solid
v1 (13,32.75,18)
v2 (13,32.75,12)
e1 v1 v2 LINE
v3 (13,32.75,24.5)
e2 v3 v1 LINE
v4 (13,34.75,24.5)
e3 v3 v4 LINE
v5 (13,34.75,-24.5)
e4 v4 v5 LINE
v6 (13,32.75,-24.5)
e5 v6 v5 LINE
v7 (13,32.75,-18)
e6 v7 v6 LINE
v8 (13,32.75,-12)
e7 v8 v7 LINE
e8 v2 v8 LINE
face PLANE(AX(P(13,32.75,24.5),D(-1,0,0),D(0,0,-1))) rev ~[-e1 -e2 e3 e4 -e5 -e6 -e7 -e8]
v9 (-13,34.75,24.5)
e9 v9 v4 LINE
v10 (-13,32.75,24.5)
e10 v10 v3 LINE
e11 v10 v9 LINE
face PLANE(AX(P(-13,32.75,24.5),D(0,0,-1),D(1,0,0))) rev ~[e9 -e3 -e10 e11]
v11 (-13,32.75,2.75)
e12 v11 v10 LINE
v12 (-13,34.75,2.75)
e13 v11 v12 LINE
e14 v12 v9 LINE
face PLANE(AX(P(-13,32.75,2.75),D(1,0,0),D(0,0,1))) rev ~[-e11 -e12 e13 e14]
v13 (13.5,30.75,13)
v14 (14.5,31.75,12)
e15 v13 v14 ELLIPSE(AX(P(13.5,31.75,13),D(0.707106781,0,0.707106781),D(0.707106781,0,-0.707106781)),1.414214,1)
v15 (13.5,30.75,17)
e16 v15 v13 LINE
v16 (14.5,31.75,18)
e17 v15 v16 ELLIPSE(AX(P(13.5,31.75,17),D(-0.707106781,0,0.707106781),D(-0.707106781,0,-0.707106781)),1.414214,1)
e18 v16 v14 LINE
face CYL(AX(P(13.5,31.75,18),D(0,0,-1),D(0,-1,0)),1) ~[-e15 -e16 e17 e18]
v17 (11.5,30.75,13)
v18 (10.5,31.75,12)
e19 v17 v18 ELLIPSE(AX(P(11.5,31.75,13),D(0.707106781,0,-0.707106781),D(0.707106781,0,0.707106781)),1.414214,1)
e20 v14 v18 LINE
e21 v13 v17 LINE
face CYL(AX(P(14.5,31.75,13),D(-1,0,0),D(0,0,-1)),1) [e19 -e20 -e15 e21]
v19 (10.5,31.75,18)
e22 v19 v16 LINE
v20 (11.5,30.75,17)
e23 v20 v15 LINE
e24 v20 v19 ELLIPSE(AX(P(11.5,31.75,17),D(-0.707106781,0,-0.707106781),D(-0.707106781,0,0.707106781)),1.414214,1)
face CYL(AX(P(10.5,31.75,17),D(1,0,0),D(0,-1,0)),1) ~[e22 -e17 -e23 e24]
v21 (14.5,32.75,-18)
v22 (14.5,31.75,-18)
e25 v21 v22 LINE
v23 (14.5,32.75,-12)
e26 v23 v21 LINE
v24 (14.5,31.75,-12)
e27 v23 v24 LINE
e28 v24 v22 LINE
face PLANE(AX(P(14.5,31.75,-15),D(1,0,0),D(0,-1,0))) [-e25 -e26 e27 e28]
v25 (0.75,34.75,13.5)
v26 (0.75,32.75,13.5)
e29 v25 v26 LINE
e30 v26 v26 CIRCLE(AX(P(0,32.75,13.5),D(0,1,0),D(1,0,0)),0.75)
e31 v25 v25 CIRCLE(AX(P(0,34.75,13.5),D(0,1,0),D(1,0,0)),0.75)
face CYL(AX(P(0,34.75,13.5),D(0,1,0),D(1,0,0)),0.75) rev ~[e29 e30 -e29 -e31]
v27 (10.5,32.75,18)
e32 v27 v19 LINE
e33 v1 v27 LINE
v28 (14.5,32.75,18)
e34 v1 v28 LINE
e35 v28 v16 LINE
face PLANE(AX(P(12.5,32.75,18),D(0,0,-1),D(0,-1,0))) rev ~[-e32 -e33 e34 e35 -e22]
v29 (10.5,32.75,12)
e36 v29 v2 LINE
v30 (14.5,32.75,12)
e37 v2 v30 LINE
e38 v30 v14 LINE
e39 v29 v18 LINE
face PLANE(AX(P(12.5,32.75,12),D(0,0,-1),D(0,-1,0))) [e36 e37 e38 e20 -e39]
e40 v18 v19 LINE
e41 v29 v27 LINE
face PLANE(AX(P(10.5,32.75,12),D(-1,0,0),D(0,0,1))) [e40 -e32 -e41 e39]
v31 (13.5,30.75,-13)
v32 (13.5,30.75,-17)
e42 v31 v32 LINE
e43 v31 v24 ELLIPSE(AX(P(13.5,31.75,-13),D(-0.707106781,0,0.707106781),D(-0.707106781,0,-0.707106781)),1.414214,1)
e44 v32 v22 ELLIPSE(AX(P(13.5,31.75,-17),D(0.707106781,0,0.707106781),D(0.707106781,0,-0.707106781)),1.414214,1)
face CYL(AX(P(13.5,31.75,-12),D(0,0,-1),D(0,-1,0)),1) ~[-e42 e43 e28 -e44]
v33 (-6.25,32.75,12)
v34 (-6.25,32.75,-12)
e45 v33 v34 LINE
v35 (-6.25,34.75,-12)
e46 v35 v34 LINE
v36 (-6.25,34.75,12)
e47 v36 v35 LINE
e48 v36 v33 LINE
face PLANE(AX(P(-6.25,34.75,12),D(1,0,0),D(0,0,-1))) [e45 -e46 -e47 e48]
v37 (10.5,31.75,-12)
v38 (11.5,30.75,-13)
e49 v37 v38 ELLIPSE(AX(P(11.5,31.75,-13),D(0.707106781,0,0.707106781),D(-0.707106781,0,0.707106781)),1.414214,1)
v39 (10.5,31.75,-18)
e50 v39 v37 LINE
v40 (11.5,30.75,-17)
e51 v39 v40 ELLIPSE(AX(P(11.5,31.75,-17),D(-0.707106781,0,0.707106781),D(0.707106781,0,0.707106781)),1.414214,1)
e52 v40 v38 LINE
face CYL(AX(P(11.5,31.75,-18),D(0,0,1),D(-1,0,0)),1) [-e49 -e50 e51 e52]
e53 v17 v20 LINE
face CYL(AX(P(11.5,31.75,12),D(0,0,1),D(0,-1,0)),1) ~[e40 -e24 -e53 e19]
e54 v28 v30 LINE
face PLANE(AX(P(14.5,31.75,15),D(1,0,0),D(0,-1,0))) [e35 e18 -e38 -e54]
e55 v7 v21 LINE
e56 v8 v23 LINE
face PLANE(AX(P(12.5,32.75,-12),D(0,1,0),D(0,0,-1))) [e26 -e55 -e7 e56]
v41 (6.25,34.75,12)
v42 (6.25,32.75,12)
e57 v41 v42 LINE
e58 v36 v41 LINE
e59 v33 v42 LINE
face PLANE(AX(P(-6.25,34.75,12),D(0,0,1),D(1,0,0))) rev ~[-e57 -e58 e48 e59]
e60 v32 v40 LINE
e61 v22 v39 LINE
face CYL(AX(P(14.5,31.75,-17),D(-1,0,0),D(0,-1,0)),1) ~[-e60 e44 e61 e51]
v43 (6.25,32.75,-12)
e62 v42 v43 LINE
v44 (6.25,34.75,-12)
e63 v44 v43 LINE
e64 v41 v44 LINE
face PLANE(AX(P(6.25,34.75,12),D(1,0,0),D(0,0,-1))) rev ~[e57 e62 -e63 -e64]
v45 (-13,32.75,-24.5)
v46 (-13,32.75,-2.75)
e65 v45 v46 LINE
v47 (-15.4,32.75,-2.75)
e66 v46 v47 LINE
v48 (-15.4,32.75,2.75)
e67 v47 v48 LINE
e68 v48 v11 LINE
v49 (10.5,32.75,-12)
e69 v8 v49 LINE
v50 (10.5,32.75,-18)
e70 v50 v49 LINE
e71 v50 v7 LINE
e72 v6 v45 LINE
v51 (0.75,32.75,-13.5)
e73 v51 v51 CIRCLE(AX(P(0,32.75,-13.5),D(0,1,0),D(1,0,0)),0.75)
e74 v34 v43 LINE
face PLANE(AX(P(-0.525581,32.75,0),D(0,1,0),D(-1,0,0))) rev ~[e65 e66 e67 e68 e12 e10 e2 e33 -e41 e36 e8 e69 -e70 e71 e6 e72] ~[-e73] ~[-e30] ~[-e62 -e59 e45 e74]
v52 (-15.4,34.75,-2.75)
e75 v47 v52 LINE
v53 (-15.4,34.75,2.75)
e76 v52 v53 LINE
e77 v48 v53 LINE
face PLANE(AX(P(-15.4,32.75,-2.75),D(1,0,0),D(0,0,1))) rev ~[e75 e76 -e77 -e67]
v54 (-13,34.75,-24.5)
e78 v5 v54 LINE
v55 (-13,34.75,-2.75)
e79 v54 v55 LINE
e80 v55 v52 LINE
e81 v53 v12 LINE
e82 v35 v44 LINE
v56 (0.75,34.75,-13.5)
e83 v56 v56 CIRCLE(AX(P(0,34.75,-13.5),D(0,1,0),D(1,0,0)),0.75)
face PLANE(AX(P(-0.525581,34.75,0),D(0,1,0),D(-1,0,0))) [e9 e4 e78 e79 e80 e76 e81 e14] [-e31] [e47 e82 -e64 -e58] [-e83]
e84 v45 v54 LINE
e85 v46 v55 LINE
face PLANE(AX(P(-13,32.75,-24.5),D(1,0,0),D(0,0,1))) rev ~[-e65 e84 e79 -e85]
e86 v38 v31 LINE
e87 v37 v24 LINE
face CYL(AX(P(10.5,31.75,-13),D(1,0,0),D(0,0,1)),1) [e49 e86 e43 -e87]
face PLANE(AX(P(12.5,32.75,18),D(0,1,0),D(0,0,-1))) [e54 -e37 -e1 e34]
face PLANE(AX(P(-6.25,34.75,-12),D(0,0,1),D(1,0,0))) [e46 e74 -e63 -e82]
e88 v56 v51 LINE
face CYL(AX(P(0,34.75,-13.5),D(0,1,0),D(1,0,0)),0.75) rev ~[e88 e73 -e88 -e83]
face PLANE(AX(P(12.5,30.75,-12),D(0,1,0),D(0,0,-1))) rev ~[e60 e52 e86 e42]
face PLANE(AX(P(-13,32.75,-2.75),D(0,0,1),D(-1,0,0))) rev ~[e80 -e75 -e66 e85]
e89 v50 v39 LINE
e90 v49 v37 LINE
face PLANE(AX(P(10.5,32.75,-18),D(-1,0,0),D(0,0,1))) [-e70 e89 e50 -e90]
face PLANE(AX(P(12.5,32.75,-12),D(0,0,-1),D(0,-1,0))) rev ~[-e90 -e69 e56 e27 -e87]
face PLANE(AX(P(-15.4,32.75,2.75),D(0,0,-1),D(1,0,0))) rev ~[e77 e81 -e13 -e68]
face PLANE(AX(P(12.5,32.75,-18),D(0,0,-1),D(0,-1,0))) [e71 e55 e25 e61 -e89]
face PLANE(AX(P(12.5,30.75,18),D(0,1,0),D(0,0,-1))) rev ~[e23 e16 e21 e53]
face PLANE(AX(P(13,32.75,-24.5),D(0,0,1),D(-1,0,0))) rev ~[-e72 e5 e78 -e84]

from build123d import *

# Parameters (mm, degrees)
PAD005_DEPTH    = 2
SKETCH011_W     = 2
SKETCH011_H     = 6
PAD006_DEPTH    = 2
PAD006_FACE12_W = 2
PAD006_FACE12_H = 6
PAD007_DEPTH    = 2
PAD007_FACE15_W = 2
PAD007_FACE15_H = 6
PAD008_DEPTH    = 2
FILLET_R        = 1
SKETCH012_R     = 0.75
SKETCH012_W     = 12.5
SKETCH012_H     = 24
POCKET004_DEPTH = 5


with BuildPart() as part:
    # Sketch009 → Pad005 (new body)
    with BuildSketch(Plane(origin=(0, 32.75, 0), x_dir=(-1, 0, 0), z_dir=(0, 1, 0))):
        Polygon((13, 24.5), (-13, 24.5), (-13, -24.5), (13, -24.5), (13, -2.75), (15.4, -2.75), (15.4, 2.75), (13, 2.75), align=None)
    extrude(amount=PAD005_DEPTH)

    # Sketch011 (on Face9 of Pad005) → Pad006 (join)
    with BuildSketch(Plane.XZ.offset(-32.75)):
        with Locations((11.5, 15)):
            Rectangle(SKETCH011_W, SKETCH011_H)
        with Locations((11.5, -15)):
            Rectangle(SKETCH011_W, SKETCH011_H)
    extrude(amount=PAD006_DEPTH)

    # Pad006 Face12 → Pad007 (add)
    with BuildSketch(Plane(origin=(12.5, 31.75, 15), x_dir=(0, -1, 0), z_dir=(1, 0, 0))):
        Rectangle(PAD006_FACE12_W, PAD006_FACE12_H)
    extrude(amount=PAD007_DEPTH)

    # Pad007 Face15 → Pad008 (add)
    with BuildSketch(Plane(origin=(12.5, 31.75, -15), x_dir=(0, -1, 0), z_dir=(1, 0, 0))):
        Rectangle(PAD007_FACE15_W, PAD007_FACE15_H)
    extrude(amount=PAD008_DEPTH)

    # Fillet
    fillet_edges = [part.edges().sort_by_distance(p)[0] for p in [
        (14.5, 30.75, -15),
        (14.5, 30.75, 15),
        (10.5, 30.75, 15),
        (10.5, 30.75, -15),
        (12.5, 30.75, 18),
        (12.5, 30.75, 12),
        (12.5, 30.75, -12),
        (12.5, 30.75, -18),
    ]]
    fillet(fillet_edges, radius=FILLET_R)

    # Sketch012 (on Face23 of Fillet) → Pocket004 (cut)
    with BuildSketch(Plane(origin=(0, 34.75, 0), x_dir=(1, 0, 0), z_dir=(0, 1, 0))):
        with Locations((0, 13.5)):
            Circle(SKETCH012_R)
        with Locations((0, -13.5)):
            Circle(SKETCH012_R)
        Rectangle(SKETCH012_W, SKETCH012_H)
    extrude(amount=-POCKET004_DEPTH, mode=Mode.SUBTRACT)


solid = part.part
